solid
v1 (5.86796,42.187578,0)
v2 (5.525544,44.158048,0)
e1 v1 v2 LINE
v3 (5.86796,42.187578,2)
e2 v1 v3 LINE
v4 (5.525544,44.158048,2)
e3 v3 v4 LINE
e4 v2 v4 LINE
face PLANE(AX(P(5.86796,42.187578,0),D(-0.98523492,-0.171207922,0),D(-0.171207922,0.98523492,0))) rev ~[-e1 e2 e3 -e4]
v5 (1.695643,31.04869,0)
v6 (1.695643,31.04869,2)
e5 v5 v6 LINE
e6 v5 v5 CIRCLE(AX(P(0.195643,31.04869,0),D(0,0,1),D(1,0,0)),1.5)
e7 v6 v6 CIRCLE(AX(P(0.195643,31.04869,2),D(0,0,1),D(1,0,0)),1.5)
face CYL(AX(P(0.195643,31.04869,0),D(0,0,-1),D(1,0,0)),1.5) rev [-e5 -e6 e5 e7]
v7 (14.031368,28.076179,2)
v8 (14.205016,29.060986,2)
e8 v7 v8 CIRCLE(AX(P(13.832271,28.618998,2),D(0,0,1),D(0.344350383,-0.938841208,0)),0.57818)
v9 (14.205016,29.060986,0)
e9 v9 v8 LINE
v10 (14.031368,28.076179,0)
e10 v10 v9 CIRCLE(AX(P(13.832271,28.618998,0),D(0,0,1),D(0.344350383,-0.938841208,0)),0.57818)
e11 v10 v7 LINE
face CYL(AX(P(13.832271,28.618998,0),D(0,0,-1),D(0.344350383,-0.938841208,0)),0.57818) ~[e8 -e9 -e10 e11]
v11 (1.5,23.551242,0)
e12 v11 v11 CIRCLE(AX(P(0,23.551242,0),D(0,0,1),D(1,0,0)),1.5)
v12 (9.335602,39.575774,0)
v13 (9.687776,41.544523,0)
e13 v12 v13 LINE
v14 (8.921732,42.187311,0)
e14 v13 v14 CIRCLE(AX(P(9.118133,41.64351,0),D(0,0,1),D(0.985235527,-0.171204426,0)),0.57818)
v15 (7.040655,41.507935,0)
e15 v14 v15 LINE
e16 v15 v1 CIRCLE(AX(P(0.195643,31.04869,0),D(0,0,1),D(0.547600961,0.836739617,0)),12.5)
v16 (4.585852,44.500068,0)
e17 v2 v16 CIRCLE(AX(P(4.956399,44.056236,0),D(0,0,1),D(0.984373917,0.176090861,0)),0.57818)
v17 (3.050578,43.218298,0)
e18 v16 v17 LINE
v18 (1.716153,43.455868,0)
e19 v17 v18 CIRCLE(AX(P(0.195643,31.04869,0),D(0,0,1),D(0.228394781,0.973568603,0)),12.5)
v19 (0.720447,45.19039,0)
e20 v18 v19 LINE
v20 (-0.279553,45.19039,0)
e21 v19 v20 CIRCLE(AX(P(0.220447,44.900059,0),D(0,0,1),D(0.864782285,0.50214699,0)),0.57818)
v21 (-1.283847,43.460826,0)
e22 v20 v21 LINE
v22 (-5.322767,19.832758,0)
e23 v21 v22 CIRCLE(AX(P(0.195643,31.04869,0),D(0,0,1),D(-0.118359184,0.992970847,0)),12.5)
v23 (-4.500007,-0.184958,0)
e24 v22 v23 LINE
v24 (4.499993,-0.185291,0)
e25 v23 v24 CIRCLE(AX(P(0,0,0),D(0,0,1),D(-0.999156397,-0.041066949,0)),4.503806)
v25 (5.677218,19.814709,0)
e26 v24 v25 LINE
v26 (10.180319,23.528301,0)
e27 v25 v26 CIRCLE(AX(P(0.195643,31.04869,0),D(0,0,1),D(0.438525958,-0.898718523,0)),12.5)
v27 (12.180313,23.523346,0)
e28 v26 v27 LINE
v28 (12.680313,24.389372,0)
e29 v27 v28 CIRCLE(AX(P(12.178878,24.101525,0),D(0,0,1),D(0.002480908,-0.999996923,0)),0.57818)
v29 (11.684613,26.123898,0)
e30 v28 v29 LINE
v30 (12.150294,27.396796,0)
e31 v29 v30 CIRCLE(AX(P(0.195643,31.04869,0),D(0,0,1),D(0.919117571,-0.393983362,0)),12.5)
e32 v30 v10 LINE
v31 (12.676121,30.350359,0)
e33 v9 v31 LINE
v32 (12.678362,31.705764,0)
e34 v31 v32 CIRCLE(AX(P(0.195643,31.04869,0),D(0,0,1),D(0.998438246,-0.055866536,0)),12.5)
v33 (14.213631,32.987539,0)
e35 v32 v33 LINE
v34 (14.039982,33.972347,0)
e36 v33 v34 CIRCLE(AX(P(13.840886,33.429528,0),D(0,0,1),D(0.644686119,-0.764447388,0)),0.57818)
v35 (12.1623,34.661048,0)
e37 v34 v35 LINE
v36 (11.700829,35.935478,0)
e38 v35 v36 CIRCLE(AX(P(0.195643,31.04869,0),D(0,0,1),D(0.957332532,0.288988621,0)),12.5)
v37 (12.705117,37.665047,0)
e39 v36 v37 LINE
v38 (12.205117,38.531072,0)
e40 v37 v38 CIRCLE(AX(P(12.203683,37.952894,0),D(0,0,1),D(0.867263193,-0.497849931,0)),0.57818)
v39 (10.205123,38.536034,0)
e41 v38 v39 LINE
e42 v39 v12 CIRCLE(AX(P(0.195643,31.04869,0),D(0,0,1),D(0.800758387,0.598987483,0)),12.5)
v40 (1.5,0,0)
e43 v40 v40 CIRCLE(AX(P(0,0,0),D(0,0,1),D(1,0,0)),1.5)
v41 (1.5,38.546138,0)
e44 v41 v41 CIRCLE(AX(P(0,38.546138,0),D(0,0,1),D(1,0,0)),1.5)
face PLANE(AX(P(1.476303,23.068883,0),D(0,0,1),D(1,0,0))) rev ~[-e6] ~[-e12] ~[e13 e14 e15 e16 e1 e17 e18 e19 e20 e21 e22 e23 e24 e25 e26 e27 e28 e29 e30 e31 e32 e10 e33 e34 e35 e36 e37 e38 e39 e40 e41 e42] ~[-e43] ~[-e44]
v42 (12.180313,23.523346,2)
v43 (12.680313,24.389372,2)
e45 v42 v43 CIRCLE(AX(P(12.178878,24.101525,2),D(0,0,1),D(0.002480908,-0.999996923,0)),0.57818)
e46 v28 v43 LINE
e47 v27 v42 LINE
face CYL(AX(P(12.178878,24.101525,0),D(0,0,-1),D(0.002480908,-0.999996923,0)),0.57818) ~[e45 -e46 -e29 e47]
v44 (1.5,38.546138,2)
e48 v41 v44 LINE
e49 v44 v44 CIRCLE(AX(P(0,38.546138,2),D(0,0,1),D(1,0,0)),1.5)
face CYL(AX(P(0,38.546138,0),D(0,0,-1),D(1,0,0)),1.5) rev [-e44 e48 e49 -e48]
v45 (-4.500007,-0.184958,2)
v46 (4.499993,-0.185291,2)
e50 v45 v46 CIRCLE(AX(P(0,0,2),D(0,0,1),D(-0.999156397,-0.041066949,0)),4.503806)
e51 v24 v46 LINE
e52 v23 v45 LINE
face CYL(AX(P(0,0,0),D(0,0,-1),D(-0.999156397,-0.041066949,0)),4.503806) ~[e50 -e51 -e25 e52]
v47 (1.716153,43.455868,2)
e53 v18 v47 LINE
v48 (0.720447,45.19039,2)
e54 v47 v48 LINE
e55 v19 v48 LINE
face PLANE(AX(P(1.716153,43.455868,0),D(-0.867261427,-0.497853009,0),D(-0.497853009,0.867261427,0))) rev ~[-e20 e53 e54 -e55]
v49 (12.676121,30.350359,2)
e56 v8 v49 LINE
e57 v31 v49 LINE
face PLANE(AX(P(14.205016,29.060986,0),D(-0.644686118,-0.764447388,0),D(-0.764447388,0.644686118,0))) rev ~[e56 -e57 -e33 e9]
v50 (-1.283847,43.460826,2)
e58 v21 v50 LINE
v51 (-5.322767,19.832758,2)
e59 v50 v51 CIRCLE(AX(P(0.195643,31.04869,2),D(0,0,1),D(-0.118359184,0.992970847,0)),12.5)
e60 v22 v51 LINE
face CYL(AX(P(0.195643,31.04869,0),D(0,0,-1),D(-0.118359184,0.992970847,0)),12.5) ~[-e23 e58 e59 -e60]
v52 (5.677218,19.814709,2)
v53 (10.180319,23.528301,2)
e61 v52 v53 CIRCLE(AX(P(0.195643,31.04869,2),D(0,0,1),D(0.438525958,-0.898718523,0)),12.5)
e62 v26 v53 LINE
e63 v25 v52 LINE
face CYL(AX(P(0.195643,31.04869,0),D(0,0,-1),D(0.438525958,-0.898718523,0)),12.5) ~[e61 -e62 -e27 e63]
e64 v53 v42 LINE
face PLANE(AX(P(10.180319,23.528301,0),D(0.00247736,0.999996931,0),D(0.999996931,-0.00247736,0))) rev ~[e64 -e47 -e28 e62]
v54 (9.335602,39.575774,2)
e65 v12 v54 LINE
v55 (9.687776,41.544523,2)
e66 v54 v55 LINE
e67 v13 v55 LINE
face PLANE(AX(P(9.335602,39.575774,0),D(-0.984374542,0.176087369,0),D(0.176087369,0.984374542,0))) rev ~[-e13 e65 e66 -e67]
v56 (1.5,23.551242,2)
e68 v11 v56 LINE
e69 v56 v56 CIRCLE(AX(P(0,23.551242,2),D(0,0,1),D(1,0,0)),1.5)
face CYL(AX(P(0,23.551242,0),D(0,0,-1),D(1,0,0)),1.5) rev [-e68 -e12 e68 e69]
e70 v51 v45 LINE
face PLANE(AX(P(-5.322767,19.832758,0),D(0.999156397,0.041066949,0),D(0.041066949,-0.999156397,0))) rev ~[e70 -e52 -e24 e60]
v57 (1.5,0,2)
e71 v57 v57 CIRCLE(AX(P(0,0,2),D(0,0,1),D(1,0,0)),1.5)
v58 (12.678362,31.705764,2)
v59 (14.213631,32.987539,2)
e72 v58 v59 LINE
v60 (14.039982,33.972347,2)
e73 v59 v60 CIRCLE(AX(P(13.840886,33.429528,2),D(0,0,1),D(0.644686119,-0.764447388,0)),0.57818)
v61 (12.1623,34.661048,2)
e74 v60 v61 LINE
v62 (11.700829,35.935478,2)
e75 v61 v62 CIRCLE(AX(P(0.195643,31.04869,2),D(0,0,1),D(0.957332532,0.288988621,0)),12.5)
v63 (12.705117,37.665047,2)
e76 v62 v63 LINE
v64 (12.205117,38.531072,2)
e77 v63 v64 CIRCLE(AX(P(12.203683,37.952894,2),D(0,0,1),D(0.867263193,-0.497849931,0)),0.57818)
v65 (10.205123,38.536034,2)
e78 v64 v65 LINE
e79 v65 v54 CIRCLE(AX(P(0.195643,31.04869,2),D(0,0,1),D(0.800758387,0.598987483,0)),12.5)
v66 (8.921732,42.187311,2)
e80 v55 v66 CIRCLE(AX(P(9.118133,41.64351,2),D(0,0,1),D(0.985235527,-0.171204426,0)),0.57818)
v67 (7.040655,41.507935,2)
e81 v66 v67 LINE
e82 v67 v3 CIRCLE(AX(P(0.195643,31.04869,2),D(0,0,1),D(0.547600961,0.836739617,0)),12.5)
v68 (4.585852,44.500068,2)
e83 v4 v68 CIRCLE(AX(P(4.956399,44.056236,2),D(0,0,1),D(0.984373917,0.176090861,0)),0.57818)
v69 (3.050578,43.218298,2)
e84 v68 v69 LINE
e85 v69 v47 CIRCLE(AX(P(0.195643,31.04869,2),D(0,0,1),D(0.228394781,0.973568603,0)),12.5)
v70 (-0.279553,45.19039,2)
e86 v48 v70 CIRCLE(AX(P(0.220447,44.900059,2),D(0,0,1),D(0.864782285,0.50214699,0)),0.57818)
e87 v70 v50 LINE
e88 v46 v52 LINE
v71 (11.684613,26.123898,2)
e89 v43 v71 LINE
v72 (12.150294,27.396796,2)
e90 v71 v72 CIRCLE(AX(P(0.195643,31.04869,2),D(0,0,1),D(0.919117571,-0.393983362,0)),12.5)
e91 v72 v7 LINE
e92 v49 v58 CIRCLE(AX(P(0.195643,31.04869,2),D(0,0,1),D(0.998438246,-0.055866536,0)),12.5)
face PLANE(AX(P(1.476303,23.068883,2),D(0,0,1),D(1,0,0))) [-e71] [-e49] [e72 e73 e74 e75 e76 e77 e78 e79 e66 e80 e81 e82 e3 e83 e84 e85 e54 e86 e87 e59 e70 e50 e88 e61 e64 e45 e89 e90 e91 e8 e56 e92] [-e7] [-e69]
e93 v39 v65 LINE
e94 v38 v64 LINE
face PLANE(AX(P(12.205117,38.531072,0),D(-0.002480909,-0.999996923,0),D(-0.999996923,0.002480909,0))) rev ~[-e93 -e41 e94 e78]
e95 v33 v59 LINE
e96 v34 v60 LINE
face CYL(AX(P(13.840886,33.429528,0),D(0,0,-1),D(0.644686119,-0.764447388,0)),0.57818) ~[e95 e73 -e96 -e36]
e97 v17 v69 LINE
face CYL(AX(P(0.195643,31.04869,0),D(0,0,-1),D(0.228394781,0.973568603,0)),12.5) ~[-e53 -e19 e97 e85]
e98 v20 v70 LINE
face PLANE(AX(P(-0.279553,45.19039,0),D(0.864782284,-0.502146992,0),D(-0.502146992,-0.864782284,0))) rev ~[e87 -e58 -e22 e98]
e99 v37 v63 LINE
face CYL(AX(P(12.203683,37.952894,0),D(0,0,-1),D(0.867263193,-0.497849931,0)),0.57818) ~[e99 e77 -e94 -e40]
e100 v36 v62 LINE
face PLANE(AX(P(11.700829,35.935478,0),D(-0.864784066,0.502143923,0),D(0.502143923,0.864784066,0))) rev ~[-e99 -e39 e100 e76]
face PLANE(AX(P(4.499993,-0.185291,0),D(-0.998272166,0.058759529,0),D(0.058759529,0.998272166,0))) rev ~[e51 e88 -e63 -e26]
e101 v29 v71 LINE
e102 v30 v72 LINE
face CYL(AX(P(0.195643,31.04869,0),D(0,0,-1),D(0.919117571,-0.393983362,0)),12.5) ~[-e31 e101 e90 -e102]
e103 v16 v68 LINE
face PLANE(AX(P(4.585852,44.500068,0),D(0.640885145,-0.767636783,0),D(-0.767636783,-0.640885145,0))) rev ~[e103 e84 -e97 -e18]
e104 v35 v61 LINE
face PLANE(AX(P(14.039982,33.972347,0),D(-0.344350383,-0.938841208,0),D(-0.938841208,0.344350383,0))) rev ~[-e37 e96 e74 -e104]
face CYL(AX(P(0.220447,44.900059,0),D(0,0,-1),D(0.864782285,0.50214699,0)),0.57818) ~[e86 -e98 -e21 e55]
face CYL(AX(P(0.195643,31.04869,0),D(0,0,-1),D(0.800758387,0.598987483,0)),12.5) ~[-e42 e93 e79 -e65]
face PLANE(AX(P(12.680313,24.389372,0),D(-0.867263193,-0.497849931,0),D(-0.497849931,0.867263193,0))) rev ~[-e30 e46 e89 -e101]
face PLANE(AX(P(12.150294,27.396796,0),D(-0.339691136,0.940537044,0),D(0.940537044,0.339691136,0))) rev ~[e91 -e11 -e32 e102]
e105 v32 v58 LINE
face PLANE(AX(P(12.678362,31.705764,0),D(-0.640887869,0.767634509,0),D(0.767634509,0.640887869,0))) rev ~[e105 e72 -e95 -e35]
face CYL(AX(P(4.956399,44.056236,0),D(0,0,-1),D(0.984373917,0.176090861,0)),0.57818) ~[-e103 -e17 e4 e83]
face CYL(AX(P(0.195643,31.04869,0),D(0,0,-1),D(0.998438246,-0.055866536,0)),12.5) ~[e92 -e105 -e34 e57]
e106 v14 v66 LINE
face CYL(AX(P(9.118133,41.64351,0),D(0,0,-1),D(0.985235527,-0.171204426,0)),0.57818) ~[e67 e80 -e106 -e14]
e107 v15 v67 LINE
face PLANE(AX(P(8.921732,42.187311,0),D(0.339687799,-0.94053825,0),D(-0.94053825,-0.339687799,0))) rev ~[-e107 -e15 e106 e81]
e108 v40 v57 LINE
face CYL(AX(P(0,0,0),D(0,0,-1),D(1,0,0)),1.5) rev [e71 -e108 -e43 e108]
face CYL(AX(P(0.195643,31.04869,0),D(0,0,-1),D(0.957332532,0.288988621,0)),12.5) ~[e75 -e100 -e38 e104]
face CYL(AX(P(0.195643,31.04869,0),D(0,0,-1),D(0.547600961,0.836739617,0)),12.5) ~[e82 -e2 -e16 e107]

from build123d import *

# Parameters (mm, degrees)
SKETCH1_R           = 1.5
BOSS_EXTRUDE1_DEPTH = 2


with BuildPart() as part:
    # Sketch1 → Boss-Extrude1 (new body)
    with BuildSketch(Plane.XY):
        with BuildLine():
            Line((-5.322767432, 19.832757644), (-4.500006862, -0.184957582))
            ThreePointArc((-4.500006862, -0.184957582), (-0.000167017, -4.503806283), (4.499993132, -0.185291335))
            Line((4.499993132, -0.185291335), (5.67721776, 19.814708665))
            ThreePointArc((5.67721776, 19.814708665), (8.148561948, 21.404983206), (10.180318916, 23.528301089))
            Line((10.180318916, 23.528301089), (12.180312779, 23.523346368))
            ThreePointArc((12.180312779, 23.523346368), (12.679597114, 23.812434692), (12.680312779, 24.389371772))
            Line((12.680312779, 24.389371772), (11.684612917, 26.123898158))
            ThreePointArc((11.684612917, 26.123898158), (11.934719035, 26.754030681), (12.150293859, 27.396796239))
            Line((12.150293859, 27.396796239), (14.031367948, 28.076178512))
            ThreePointArc((14.031367948, 28.076178512), (14.401667723, 28.518597977), (14.205016126, 29.060986265))
            Line((14.205016126, 29.060986265), (12.67612135, 30.350358501))
            ThreePointArc((12.67612135, 30.350358501), (12.695626208, 31.028030714), (12.678361511, 31.705763698))
            Line((12.678361511, 31.705763698), (14.213630529, 32.987539436))
            ThreePointArc((14.213630529, 32.987539436), (14.410282126, 33.529927724), (14.039982351, 33.972347189))
            Line((14.039982351, 33.972347189), (12.162299935, 34.661047954))
            ThreePointArc((12.162299935, 34.661047954), (11.948850959, 35.304522586), (11.700829119, 35.935478396))
            Line((11.700829119, 35.935478396), (12.705116964, 37.665046528))
            ThreePointArc((12.705116964, 37.665046528), (12.704401299, 38.241983607), (12.205116964, 38.531071932))
            Line((12.205116964, 38.531071932), (10.205123119, 38.536033749))
            ThreePointArc((10.205123119, 38.536033749), (9.784465406, 39.067698263), (9.335601516, 39.575774317))
            Line((9.335601516, 39.575774317), (9.687776253, 41.5445234))
            ThreePointArc((9.687776253, 41.5445234), (9.489779645, 42.086422145), (8.92173181, 42.18731101))
            Line((8.92173181, 42.18731101), (7.040655311, 41.507935412))
            ThreePointArc((7.040655311, 41.507935412), (6.463526388, 41.863663221), (5.867960059, 42.187578047))
            Line((5.867960059, 42.187578047), (5.525544216, 44.158047887))
            ThreePointArc((5.525544216, 44.158047887), (5.154147979, 44.59954731), (4.585851596, 44.500068031))
            Line((4.585851596, 44.500068031), (3.050578029, 43.21829774))
            ThreePointArc((3.050578029, 43.21829774), (2.386588163, 43.355182821), (1.716153483, 43.455867511))
            Line((1.716153483, 43.455867511), (0.720447466, 45.190390364))
            ThreePointArc((0.720447466, 45.190390364), (0.220447466, 45.47823912), (-0.279552534, 45.190390364))
            Line((-0.279552534, 45.190390364), (-1.283846517, 43.460825796))
            ThreePointArc((-1.283846517, 43.460825796), (-12.125641313, 33.154858755), (-5.322767432, 19.832757644))
        make_face()
        with Locations((0.19564328, 31.048690205)):
            Circle(SKETCH1_R, mode=Mode.SUBTRACT)
        with Locations((0, 38.546138017)):
            Circle(SKETCH1_R, mode=Mode.SUBTRACT)
        with Locations((0, 23.551242392)):
            Circle(SKETCH1_R, mode=Mode.SUBTRACT)
        Circle(SKETCH1_R, mode=Mode.SUBTRACT)
    extrude(amount=BOSS_EXTRUDE1_DEPTH)


solid = part.part
